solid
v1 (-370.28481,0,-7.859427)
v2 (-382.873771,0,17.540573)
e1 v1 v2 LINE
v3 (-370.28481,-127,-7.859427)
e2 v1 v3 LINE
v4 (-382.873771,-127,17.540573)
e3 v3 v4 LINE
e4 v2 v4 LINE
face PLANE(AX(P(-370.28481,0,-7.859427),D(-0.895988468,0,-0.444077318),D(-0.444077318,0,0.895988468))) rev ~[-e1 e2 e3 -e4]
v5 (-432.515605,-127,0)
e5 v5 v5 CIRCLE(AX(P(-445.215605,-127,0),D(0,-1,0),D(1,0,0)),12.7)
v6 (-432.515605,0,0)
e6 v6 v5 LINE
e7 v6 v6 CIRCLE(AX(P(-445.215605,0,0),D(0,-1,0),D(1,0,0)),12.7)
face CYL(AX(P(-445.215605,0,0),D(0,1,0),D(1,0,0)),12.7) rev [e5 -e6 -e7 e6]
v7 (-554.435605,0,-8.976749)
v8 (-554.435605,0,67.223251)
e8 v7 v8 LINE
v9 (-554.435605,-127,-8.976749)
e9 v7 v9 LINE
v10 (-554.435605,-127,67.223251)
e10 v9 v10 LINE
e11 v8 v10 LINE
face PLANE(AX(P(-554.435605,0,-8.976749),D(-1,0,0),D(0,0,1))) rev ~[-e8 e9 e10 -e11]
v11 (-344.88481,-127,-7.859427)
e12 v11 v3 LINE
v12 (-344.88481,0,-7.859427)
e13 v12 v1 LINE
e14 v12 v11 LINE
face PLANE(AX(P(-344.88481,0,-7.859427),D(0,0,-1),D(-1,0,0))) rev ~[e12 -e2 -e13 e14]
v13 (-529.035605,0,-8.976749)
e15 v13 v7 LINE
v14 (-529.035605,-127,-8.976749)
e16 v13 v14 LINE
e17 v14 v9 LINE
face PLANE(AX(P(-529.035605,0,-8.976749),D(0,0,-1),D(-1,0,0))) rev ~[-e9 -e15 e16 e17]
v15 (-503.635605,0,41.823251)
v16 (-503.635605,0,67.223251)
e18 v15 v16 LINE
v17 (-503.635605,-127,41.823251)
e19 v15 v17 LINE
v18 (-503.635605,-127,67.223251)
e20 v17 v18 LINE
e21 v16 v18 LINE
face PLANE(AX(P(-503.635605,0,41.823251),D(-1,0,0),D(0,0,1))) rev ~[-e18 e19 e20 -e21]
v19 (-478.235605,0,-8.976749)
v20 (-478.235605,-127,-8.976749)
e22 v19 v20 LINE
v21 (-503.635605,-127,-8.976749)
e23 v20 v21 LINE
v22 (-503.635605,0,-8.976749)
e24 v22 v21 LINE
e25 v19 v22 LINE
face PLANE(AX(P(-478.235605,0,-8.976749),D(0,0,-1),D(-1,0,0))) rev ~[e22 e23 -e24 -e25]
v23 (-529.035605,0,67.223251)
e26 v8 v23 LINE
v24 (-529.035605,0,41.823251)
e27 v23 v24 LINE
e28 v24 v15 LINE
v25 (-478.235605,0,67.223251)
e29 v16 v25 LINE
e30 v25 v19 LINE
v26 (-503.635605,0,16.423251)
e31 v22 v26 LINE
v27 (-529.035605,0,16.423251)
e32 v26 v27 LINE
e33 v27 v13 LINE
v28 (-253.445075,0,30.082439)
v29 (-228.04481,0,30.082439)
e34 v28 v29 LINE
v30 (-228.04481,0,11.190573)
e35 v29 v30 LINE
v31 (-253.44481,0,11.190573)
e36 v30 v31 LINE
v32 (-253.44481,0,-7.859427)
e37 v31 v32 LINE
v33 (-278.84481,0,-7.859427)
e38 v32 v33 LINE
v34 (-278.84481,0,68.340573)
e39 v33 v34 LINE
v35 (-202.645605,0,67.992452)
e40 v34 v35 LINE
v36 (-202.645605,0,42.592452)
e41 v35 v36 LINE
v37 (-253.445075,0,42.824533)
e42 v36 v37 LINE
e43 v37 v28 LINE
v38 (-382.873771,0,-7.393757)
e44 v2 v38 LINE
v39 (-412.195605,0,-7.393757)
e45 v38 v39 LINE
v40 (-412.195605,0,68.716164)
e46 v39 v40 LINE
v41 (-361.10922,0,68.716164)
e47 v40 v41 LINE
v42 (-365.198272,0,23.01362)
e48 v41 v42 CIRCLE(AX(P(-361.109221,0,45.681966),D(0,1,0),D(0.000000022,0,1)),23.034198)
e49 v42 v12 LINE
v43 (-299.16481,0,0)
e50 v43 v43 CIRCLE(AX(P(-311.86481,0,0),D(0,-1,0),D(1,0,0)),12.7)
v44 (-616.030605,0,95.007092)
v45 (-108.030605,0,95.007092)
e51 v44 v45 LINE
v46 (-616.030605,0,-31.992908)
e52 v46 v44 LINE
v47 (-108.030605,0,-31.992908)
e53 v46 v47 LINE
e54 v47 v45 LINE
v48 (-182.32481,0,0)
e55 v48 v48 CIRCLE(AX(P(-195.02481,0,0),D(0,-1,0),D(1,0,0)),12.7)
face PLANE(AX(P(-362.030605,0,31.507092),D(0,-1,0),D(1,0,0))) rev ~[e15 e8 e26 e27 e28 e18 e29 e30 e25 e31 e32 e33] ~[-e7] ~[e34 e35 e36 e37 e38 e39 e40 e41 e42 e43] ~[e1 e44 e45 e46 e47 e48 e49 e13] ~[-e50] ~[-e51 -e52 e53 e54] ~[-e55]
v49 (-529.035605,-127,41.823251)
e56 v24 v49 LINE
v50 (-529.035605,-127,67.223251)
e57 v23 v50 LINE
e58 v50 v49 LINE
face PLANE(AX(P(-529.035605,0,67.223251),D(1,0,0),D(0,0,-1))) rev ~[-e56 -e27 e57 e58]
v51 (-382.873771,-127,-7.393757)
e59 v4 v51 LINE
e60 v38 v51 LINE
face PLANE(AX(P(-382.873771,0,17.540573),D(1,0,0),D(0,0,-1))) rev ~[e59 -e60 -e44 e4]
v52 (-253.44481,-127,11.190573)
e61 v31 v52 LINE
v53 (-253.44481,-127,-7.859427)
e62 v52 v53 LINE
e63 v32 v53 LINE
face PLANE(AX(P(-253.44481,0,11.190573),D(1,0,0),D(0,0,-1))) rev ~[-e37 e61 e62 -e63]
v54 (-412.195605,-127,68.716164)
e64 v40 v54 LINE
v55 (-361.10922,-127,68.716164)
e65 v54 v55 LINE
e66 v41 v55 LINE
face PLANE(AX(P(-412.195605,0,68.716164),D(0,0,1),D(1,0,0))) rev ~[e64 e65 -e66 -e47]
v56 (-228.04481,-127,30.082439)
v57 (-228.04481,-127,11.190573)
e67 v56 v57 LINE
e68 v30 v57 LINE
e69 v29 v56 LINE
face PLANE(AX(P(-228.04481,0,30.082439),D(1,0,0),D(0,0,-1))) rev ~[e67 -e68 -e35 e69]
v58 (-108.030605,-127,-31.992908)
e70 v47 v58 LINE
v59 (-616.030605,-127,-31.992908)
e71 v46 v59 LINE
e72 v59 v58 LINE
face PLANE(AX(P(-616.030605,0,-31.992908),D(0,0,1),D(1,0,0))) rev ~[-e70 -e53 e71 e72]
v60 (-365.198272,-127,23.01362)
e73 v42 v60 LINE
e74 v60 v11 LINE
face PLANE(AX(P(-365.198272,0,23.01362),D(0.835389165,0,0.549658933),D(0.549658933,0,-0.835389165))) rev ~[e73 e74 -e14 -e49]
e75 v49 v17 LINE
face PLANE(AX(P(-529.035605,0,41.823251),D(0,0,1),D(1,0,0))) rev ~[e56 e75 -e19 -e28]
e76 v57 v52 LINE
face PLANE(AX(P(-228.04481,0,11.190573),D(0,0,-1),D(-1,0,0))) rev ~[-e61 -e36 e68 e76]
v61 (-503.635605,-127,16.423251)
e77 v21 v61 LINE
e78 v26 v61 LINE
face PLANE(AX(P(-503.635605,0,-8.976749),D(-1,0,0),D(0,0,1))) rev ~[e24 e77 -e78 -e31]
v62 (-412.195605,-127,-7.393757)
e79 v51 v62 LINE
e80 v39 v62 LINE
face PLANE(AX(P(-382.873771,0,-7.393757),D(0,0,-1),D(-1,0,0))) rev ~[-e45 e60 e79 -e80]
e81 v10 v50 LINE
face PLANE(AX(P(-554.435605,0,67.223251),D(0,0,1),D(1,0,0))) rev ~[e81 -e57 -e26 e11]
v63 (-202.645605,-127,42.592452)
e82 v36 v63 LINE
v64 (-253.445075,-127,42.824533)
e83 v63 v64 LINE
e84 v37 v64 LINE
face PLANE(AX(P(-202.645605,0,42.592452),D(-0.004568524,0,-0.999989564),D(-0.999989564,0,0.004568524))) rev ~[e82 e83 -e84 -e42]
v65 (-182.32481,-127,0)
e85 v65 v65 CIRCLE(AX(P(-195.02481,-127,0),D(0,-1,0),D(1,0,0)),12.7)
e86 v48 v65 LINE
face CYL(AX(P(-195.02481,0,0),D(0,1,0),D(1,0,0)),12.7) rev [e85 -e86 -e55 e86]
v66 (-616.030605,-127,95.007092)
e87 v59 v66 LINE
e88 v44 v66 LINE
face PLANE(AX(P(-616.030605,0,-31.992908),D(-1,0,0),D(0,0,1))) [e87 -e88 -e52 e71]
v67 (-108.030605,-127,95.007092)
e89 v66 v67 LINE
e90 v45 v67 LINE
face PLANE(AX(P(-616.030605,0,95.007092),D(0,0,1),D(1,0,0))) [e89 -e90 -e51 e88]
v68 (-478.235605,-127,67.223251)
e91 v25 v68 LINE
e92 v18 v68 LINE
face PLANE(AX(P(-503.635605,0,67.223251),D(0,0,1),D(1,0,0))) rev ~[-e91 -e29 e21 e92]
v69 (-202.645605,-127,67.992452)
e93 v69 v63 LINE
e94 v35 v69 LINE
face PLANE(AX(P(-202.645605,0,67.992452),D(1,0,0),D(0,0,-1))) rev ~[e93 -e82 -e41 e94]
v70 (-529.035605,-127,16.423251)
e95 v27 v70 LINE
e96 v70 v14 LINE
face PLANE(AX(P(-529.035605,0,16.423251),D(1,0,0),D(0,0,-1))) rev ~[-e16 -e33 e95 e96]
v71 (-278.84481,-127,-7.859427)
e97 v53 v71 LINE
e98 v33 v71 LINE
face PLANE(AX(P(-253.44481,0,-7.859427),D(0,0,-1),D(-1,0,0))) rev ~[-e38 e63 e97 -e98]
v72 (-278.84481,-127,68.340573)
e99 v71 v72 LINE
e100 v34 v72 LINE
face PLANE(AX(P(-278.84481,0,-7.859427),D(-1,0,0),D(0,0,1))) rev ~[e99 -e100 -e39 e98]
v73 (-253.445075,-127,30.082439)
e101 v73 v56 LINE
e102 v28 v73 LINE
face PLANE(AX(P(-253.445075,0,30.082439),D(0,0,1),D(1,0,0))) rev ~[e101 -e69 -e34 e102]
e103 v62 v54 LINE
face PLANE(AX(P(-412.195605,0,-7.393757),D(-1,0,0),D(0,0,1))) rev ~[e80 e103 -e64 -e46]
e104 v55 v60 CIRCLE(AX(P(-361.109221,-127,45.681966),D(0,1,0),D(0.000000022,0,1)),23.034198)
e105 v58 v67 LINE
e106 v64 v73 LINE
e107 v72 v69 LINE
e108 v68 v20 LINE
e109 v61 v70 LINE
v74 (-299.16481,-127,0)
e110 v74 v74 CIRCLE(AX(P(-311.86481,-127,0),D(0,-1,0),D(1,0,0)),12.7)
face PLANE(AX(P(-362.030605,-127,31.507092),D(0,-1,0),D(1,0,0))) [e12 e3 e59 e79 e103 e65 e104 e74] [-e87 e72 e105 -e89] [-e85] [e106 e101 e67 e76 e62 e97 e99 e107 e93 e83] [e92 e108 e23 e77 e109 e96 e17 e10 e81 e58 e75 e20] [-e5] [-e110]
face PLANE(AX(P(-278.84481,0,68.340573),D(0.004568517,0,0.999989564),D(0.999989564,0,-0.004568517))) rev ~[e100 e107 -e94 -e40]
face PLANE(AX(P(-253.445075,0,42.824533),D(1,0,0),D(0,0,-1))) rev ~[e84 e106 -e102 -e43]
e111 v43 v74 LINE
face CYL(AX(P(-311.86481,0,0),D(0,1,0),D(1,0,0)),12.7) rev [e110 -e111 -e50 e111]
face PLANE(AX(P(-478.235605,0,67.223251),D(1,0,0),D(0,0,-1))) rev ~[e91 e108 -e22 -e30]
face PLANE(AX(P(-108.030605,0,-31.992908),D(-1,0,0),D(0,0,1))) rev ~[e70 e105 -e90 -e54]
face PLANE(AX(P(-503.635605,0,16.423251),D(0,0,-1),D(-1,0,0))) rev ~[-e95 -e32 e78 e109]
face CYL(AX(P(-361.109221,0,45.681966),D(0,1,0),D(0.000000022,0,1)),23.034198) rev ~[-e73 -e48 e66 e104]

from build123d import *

# Parameters (mm, degrees)
F0_W     = 508
F0_H     = 127
F0_R     = 12.7
F1_DEPTH = 127


with BuildPart() as f1:
    # F0 (on Front) → F1 (new body)
    with BuildSketch(Plane.XZ):
        with Locations((-362.030605, 31.507092)):
            Rectangle(F0_W, F0_H)
        Polygon((-554.435605, 67.223251), (-529.035605, 67.223251), (-529.035605, 41.823251), (-503.635605, 41.823251), (-503.635605, 67.223251), (-478.235605, 67.223251), (-478.235605, -8.976749), (-503.635605, -8.976749), (-503.635605, 16.423251), (-529.035605, 16.423251), (-529.035605, -8.976749), (-554.435605, -8.976749), align=None, mode=Mode.SUBTRACT)
        with Locations((-445.215605, 0)):
            Circle(F0_R, mode=Mode.SUBTRACT)
        with BuildLine():
            Line((-412.195605, -7.393757), (-412.195605, 68.716164))
            Line((-412.195605, 68.716164), (-361.10922, 68.716164))
            ThreePointArc((-361.10922, 68.716164), (-338.166668, 43.629273), (-365.198272, 23.01362))
            Line((-365.198272, 23.01362), (-344.88481, -7.859427))
            Line((-344.88481, -7.859427), (-370.28481, -7.859427))
            Line((-370.28481, -7.859427), (-382.873771, 17.540573))
            Line((-382.873771, 17.540573), (-382.873771, -7.393757))
            Line((-382.873771, -7.393757), (-412.195605, -7.393757))
        make_face(mode=Mode.SUBTRACT)
        with Locations((-311.86481, 0)):
            Circle(F0_R, mode=Mode.SUBTRACT)
        Polygon((-253.44481, -7.859427), (-278.84481, -7.859427), (-278.84481, 68.340573), (-202.645605, 67.992452), (-202.645605, 42.592452), (-253.445075, 42.824533), (-253.445075, 30.082439), (-228.04481, 30.082439), (-228.04481, 11.190573), (-253.44481, 11.190573), align=None, mode=Mode.SUBTRACT)
        with Locations((-195.02481, 0)):
            Circle(F0_R, mode=Mode.SUBTRACT)
    extrude(amount=F1_DEPTH)


solid = f1.part
